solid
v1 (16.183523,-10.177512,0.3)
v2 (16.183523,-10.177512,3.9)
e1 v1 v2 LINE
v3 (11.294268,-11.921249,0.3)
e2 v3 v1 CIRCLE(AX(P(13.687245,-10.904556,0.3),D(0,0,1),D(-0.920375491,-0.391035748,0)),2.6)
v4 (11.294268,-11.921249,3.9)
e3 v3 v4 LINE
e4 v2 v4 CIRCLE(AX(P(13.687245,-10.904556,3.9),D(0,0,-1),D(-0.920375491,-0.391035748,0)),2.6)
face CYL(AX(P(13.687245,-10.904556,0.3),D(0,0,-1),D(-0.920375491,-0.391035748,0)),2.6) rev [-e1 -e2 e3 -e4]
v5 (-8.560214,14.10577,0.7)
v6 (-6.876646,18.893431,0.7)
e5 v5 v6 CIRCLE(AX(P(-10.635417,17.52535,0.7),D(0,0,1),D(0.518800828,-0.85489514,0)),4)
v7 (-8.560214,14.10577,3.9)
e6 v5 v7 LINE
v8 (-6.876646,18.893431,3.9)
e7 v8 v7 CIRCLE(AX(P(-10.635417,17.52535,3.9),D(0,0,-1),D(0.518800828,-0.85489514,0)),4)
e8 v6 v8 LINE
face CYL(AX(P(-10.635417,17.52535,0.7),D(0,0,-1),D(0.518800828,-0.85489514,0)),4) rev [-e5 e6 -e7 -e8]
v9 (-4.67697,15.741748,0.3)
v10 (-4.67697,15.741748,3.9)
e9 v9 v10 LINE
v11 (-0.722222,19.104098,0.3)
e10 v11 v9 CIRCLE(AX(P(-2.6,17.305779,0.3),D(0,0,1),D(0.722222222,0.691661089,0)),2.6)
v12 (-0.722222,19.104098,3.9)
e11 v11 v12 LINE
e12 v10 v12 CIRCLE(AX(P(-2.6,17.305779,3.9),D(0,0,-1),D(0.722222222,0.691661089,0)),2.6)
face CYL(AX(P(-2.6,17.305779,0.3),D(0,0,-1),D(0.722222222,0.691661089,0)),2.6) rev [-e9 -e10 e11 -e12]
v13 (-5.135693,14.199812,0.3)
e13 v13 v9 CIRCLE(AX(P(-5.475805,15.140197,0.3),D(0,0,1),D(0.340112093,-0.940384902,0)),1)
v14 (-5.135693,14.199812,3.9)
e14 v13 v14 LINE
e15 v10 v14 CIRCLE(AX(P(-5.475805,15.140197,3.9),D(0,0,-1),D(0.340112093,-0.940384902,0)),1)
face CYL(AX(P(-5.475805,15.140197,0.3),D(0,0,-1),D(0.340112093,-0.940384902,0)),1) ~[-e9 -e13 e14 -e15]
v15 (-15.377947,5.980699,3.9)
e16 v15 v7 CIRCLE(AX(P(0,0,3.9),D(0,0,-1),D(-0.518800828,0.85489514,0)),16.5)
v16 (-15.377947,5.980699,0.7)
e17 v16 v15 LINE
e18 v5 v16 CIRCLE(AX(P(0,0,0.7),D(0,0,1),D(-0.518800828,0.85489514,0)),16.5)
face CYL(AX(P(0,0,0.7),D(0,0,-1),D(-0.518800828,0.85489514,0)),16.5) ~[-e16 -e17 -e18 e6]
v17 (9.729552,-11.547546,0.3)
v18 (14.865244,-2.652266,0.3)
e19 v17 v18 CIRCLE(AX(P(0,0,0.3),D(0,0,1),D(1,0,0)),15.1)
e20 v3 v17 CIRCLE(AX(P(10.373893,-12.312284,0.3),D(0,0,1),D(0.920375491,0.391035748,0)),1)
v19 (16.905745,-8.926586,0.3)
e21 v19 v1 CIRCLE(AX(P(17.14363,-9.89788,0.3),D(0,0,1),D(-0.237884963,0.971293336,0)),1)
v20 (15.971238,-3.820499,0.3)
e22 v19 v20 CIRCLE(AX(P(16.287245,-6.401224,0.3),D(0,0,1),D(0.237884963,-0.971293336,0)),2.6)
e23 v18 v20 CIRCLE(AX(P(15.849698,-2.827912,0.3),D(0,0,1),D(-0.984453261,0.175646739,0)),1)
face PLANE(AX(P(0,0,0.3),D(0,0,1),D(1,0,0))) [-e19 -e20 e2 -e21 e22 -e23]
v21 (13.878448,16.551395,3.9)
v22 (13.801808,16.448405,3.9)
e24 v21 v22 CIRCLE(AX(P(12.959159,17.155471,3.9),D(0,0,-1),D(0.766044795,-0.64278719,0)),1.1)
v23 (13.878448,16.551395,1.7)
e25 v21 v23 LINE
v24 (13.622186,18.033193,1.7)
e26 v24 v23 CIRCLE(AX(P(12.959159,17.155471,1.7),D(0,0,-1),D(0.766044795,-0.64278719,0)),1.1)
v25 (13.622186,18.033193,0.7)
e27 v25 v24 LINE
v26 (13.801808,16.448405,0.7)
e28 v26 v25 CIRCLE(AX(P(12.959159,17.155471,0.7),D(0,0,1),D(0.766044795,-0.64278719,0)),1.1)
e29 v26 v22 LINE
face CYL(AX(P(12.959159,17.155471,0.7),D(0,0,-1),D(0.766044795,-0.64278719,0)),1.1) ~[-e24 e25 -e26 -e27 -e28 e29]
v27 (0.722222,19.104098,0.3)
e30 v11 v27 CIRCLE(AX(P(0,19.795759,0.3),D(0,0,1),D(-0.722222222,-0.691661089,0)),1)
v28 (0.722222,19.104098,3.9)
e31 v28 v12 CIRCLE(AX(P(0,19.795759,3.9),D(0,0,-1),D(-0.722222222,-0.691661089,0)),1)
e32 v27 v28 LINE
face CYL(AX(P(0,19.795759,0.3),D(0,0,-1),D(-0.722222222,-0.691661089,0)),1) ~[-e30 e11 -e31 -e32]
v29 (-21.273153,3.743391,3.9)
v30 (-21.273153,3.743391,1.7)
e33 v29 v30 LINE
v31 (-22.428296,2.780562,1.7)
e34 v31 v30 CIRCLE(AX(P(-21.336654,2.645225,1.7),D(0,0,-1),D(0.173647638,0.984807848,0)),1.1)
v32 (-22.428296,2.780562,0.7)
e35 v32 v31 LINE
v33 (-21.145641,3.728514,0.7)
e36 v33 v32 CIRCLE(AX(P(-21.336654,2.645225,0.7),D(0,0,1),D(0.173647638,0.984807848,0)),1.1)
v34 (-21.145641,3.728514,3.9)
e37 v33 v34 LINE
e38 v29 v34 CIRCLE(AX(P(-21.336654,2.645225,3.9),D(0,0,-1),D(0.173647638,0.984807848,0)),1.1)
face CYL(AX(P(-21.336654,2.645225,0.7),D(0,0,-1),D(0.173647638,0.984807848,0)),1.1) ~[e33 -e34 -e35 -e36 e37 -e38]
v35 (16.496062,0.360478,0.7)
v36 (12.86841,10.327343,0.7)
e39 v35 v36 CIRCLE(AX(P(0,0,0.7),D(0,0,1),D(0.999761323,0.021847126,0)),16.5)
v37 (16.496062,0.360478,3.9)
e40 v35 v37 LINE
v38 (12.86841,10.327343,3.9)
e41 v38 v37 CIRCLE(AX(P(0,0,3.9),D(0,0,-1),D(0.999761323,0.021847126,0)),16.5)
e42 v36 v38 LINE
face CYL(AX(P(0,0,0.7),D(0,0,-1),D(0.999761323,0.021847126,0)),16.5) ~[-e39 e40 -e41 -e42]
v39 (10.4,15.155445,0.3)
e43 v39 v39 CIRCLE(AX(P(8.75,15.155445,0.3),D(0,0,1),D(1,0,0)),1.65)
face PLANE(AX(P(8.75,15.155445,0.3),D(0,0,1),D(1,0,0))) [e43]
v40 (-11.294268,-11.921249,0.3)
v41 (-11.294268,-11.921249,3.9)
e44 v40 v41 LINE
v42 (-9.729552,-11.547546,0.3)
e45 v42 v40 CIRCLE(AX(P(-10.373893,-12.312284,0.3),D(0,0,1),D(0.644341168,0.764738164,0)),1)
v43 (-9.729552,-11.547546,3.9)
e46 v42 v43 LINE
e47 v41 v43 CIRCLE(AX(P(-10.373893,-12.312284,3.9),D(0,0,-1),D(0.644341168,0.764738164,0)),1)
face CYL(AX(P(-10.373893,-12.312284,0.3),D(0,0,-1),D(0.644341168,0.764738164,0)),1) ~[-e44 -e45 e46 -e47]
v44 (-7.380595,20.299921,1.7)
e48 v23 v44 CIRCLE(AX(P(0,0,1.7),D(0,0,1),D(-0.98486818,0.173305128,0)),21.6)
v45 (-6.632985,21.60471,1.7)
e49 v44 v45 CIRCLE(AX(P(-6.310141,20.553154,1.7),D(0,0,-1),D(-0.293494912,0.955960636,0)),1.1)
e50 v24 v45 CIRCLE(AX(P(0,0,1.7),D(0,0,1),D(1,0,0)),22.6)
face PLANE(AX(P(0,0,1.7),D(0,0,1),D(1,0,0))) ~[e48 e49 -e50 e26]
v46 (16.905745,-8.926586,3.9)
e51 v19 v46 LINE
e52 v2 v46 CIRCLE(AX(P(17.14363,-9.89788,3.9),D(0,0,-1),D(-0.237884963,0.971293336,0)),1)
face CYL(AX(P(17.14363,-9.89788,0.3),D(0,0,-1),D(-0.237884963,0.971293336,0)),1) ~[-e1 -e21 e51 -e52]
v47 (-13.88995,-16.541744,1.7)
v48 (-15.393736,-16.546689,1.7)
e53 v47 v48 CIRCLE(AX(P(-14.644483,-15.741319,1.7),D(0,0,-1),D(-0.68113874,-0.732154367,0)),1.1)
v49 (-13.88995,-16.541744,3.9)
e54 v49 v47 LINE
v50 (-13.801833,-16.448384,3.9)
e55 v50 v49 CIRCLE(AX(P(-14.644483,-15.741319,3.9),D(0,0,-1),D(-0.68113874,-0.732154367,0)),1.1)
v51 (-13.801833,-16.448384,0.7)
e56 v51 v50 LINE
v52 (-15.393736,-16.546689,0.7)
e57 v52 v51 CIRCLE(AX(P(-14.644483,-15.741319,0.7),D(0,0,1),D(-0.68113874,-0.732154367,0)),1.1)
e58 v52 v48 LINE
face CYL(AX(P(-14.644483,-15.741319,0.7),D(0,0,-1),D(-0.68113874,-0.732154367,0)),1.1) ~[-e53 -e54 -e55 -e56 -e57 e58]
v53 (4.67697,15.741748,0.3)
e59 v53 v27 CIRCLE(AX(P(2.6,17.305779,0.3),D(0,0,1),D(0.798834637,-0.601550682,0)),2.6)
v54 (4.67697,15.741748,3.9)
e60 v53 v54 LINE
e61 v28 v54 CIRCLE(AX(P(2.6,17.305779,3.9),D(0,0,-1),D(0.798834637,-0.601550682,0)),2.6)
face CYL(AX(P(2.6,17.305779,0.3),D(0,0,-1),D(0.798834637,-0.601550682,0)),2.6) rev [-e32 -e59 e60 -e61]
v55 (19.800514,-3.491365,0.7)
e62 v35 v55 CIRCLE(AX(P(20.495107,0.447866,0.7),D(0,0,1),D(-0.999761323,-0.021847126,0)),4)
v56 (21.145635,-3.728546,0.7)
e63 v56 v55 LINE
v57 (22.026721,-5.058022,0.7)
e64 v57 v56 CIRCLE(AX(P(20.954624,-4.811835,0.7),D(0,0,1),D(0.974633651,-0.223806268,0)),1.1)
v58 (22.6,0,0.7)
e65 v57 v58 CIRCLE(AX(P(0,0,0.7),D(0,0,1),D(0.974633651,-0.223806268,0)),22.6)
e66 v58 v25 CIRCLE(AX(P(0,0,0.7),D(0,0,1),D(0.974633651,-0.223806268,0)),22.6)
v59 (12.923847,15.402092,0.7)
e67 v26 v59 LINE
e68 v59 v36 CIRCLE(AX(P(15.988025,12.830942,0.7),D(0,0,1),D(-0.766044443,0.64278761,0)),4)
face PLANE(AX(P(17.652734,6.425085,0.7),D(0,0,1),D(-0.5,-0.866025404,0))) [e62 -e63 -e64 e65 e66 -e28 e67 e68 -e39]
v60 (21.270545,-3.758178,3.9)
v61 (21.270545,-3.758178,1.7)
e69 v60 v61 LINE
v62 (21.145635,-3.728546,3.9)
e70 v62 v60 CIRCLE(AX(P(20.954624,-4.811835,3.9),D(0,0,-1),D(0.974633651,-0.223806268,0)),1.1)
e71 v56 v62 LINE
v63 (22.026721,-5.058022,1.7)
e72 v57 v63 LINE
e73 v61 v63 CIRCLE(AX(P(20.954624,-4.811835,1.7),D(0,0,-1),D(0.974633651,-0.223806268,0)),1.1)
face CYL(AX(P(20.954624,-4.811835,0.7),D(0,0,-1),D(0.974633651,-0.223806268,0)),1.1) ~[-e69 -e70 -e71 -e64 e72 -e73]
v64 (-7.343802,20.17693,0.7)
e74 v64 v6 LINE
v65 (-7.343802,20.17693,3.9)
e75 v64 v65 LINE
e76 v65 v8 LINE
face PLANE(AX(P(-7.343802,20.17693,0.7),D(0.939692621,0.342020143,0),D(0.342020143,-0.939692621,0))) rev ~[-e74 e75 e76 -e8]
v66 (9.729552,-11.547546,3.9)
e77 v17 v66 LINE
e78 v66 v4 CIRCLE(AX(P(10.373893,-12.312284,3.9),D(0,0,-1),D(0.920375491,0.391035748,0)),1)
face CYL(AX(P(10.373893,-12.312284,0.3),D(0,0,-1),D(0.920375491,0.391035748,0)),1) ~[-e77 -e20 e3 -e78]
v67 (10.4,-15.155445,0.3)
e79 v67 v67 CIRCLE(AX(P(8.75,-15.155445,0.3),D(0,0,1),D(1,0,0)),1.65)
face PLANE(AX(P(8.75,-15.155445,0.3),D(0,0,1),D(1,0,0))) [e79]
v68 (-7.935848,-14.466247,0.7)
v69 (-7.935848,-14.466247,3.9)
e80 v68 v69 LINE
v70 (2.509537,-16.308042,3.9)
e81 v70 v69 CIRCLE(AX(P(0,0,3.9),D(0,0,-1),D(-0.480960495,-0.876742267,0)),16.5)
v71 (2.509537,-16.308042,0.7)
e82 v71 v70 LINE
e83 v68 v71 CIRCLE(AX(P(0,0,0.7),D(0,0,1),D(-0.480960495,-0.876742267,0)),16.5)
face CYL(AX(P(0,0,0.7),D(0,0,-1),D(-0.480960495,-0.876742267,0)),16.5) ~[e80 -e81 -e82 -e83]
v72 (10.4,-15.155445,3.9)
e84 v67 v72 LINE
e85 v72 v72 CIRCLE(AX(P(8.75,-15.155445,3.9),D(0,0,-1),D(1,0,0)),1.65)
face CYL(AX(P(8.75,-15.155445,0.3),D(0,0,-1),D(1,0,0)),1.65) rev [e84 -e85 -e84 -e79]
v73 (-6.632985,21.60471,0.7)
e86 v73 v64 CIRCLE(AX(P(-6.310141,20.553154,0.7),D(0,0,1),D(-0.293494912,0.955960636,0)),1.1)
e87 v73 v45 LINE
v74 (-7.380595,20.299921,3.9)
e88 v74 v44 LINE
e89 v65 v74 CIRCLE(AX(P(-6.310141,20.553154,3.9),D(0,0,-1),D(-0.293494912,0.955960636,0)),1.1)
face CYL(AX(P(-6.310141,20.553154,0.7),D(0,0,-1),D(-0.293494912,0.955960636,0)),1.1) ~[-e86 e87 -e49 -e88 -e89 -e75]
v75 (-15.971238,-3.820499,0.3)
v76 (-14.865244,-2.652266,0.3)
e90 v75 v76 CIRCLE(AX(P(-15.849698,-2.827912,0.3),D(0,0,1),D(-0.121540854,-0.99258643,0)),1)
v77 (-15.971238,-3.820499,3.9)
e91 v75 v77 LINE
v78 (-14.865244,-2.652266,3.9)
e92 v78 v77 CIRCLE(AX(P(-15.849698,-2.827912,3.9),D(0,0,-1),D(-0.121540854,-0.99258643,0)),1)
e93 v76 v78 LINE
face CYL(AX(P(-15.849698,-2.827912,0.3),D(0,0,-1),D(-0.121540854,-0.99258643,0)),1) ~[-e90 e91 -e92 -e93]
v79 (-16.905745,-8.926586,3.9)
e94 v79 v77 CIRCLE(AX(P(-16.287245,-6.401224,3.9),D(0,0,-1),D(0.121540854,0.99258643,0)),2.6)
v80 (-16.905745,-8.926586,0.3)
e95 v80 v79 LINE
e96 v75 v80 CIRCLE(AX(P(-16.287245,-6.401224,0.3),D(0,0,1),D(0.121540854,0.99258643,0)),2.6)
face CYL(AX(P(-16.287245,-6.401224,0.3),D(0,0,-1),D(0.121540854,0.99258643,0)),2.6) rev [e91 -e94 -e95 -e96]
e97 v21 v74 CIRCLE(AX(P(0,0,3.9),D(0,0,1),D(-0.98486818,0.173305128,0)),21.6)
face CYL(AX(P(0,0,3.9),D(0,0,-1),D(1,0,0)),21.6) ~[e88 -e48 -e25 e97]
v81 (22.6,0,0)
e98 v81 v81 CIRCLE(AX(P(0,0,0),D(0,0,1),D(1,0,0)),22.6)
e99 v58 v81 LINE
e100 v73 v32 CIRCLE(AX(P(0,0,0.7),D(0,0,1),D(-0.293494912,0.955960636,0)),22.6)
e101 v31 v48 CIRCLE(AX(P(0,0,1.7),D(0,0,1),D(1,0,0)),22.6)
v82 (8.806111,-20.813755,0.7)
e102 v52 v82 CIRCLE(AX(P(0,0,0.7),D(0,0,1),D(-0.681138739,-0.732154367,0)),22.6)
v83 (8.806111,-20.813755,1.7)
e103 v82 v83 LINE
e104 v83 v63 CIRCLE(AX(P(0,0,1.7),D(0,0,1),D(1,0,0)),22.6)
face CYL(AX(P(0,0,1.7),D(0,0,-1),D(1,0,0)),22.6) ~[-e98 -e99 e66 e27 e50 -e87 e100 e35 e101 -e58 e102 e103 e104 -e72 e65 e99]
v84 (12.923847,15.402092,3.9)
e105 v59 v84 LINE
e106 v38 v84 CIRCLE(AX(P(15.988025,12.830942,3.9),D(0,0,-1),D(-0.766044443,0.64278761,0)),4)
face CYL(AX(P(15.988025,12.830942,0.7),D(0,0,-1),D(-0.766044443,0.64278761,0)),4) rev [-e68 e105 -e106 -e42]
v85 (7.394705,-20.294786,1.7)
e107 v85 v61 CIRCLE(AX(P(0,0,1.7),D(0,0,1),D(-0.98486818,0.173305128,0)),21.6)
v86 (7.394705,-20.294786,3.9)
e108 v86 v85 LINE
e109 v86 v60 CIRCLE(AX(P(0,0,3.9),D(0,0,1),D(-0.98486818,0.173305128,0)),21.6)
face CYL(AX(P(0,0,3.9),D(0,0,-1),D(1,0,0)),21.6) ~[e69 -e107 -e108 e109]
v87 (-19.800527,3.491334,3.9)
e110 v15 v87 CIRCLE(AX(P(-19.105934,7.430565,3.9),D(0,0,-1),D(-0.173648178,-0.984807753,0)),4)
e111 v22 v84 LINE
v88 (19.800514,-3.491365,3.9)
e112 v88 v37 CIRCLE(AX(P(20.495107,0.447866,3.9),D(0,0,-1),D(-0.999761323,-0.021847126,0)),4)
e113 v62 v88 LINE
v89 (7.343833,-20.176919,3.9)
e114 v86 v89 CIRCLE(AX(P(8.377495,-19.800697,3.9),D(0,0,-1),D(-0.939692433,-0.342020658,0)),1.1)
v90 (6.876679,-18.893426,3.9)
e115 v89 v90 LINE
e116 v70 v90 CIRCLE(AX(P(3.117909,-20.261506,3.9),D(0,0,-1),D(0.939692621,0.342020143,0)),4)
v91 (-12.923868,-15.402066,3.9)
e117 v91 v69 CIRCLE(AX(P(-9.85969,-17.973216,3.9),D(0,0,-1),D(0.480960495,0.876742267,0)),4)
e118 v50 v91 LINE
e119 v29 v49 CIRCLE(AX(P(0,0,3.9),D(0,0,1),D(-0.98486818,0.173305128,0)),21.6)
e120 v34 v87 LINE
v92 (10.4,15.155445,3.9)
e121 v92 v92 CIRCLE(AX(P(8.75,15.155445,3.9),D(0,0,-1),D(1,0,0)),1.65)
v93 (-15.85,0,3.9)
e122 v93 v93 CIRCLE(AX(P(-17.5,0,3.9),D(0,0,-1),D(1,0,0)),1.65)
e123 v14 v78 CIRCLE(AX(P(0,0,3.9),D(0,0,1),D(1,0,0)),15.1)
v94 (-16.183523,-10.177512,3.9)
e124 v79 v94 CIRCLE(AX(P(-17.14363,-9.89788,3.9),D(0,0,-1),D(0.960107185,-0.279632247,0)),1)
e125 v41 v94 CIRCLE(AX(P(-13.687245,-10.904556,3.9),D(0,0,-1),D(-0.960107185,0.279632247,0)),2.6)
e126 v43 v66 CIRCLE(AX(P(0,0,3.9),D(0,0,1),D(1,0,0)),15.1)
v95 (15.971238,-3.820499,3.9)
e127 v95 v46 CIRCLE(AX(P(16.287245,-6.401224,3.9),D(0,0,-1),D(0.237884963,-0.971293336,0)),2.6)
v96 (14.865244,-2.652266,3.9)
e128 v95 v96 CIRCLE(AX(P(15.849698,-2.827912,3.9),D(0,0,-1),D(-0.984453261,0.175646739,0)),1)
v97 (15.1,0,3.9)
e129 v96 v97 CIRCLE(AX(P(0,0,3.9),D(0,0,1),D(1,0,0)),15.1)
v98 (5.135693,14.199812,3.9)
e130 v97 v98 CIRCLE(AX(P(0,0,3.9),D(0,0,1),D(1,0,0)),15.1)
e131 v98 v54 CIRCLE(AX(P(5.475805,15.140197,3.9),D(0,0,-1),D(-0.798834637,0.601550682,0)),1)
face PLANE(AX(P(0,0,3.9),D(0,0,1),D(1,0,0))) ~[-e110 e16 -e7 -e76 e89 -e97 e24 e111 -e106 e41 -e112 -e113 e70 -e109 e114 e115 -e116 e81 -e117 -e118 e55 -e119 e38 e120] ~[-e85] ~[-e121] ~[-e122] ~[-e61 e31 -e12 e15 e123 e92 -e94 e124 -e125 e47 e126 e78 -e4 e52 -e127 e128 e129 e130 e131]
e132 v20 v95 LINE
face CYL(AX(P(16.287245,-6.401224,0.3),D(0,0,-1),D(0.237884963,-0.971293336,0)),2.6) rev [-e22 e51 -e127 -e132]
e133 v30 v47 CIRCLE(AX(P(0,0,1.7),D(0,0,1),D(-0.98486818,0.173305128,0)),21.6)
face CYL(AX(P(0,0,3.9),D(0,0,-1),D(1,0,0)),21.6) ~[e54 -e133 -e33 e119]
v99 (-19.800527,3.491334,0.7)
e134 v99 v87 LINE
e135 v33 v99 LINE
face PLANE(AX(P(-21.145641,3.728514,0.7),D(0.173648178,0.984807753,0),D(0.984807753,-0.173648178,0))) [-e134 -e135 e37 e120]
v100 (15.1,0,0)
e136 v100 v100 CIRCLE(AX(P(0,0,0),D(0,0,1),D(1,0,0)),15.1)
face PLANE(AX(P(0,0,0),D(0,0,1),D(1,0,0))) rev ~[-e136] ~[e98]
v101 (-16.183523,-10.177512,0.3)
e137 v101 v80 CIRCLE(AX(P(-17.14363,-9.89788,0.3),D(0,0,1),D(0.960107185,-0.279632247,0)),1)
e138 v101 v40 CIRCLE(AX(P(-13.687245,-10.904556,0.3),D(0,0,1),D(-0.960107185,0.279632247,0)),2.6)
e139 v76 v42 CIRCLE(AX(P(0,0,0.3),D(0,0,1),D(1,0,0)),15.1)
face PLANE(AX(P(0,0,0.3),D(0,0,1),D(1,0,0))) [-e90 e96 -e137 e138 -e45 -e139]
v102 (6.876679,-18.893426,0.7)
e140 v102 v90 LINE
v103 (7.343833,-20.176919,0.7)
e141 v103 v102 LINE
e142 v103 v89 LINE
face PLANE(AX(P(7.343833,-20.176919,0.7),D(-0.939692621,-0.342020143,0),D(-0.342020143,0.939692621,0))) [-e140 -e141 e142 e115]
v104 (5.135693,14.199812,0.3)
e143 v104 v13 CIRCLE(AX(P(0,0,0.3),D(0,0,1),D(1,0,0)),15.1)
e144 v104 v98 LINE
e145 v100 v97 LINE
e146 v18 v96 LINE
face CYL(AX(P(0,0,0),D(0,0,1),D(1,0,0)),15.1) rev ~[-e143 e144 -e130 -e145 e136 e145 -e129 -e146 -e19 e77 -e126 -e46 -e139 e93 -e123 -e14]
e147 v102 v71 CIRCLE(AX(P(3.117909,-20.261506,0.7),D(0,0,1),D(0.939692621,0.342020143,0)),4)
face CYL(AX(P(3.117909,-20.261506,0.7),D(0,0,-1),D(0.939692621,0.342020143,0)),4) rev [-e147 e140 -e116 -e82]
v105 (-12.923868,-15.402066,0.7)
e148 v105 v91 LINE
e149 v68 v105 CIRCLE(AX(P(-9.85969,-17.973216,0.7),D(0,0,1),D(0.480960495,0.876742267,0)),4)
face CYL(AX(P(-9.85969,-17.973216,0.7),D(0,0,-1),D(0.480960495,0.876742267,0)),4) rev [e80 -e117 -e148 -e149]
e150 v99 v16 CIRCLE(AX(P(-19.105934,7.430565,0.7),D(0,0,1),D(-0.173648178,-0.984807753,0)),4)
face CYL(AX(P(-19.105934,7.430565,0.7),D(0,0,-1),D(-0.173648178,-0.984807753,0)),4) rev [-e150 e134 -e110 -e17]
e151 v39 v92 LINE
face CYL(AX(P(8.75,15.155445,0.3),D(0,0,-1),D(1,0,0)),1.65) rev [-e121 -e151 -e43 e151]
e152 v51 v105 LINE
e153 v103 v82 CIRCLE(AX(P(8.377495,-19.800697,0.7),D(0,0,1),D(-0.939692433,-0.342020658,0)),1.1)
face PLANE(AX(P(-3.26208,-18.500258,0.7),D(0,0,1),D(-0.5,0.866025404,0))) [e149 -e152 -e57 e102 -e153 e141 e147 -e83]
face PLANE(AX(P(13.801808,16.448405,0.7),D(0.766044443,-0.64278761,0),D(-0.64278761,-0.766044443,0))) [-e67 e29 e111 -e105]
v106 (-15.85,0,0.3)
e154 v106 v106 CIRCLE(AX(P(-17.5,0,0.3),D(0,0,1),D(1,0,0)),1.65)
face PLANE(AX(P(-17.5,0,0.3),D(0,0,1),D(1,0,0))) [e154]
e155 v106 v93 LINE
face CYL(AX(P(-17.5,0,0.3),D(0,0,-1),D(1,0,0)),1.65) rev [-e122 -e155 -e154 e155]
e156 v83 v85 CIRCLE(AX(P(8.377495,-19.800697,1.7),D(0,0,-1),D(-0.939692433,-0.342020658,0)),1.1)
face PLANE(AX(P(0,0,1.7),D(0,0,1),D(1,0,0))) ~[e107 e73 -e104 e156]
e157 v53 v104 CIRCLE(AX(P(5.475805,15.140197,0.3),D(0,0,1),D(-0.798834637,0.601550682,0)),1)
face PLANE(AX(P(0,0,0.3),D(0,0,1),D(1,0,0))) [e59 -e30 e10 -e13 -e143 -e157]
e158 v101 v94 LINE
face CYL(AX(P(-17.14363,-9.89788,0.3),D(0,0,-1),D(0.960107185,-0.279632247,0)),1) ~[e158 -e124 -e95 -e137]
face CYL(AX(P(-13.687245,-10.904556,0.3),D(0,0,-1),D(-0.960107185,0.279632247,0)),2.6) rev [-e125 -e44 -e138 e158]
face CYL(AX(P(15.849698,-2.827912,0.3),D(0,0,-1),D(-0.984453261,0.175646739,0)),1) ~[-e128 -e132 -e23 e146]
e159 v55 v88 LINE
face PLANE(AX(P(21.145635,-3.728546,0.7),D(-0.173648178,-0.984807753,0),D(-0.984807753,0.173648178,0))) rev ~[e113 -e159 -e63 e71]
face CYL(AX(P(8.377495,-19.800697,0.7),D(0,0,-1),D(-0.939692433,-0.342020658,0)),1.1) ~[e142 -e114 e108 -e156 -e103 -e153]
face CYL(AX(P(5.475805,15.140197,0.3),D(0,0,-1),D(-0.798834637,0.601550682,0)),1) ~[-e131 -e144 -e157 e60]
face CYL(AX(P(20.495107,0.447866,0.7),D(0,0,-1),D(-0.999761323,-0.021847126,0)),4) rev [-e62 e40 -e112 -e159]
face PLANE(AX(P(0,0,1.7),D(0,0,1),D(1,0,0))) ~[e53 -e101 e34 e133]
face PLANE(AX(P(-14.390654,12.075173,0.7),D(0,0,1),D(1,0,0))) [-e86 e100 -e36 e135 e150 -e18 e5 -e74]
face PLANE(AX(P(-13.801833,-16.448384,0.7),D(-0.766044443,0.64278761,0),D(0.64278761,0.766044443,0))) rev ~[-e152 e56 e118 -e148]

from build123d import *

# Parameters (mm, degrees)
POCKET_DEPTH       = 5.2
POCKET001_DEPTH    = 131.2836295795
POLARPATTERN_COUNT = 3
SKETCH003_R        = 1.65
POCKET002_DEPTH    = 3.601


with BuildPart() as part:
    # Sketch → Revolution (revolve)
    with BuildSketch(Plane.XZ):
        Polygon((15.1, 0), (15.1, 3.9), (21.6, 3.9), (21.6, 1.7), (22.6, 1.7), (22.6, 0), align=None)
    revolve(axis=Axis((0, 0, 0), (0, 0, 1)))

    # Sketch001 → Pocket (cut)
    with BuildSketch(Plane.XY.offset(0.3)):
        with BuildLine():
            ThreePointArc((-15.9712383567, -3.8204989231), (-18.8447644437, -5.9331508585), (-16.9057454793, -8.9265863145))
            ThreePointArc((-16.1835232571, -10.1775118978), (-16.2776050381, -9.3978796505), (-16.9057454793, -8.9265863145))
            ThreePointArc((-16.1835232571, -10.1775118978), (-14.5606415898, -13.3534693073), (-11.2942683009, -11.9212486852))
            ThreePointArc((-9.7295516419, -11.5475462696), (-10.6061902717, -11.3396396422), (-11.2942683009, -11.9212486852))
            ThreePointArc((-9.7295516419, -11.5475462696), (0, -15.1), (9.7295516419, -11.5475462696))
            ThreePointArc((11.2942683009, -11.9212486852), (10.6061902717, -11.3396396422), (9.7295516419, -11.5475462696))
            ThreePointArc((11.2942683009, -11.9212486852), (14.5606415898, -13.3534693073), (16.1835232571, -10.1775118978))
            ThreePointArc((16.9057454793, -8.9265863145), (16.2776050381, -9.3978796505), (16.1835232571, -10.1775118978))
            ThreePointArc((16.9057454793, -8.9265863145), (18.8447644437, -5.9331508585), (15.9712383567, -3.8204989231))
            ThreePointArc((14.8652442418, -2.6522657545), (15.1235111358, -3.5154103916), (15.9712383567, -3.8204989231))
            ThreePointArc((14.8652442418, -2.6522657545), (13.0769835971, 7.55), (5.1356925999, 14.1998120241))
            ThreePointArc((4.6769700558, 15.7417476083), (4.517320864, 14.8550500338), (5.1356925999, 14.1998120241))
            ThreePointArc((4.6769700558, 15.7417476083), (4.2841228539, 19.2866201659), (0.7222222222, 19.1040982123))
            ThreePointArc((-0.7222222222, 19.1040982123), (0, 18.7957593011), (0.7222222222, 19.1040982123))
            ThreePointArc((-0.7222222222, 19.1040982123), (-4.2841228539, 19.2866201659), (-4.6769700558, 15.7417476083))
            ThreePointArc((-5.1356925999, 14.1998120241), (-4.517320864, 14.8550500338), (-4.6769700558, 15.7417476083))
            ThreePointArc((-5.1356925999, 14.1998120241), (-13.0769835972, 7.55), (-14.8652442418, -2.6522657545))
            ThreePointArc((-15.9712383567, -3.8204989231), (-15.1235111358, -3.5154103916), (-14.8652442418, -2.6522657545))
        make_face()
    extrude(amount=POCKET_DEPTH, mode=Mode.SUBTRACT)

    # Sketch002 → Pocket001 (cut, through all)
    with BuildSketch(Plane.XY.offset(0.7)):
        with BuildLine():
            Line((-21.1456411257, 3.728513813), (-19.8005265105, 3.4913338142))
            ThreePointArc((-19.8005265105, 3.4913338142), (-17.143892895, 3.9448230849), (-15.3779467169, 5.9806985187))
            ThreePointArc((-8.5602136605, 14.1057698155), (-12.6397419459, 10.6059852697), (-15.3779467169, 5.9806985187))
            ThreePointArc((-8.5602136605, 14.1057698155), (-6.8619255723, 16.1984130552), (-6.876646489, 18.8934309501))
            Line((-7.3438021199, 20.1769304973), (-6.876646489, 18.8934309501))
            ThreePointArc((-6.6329850074, 21.6047103635), (-7.2948567632, 21.0433924702), (-7.3438021199, 20.1769304973))
            ThreePointArc((-6.6329850074, 21.6047103635), (-17.3126154887, 14.5269867812), (-22.428296266, 2.7805622822))
            ThreePointArc((-21.1456411257, 3.728513813), (-21.9904400194, 3.5298512156), (-22.428296266, 2.7805622822))
        make_face()
    pocket001 = extrude(amount=POCKET001_DEPTH, mode=Mode.SUBTRACT)

    # PolarPattern: Pocket001 ×3 about axis
    polarpattern_axis = Axis((0, 0, 0.7), (0, 0, 1))
    for i in range(1, POLARPATTERN_COUNT):
        add(pocket001.rotate(polarpattern_axis, i * 360 / POLARPATTERN_COUNT), mode=Mode.SUBTRACT)

    # Sketch003 → Pocket002 (cut, through all)
    with BuildSketch(Plane.XY.offset(0.3)):
        with Locations((8.75, 15.1554445662)):
            Circle(SKETCH003_R)
        with Locations((-17.5, 0)):
            Circle(SKETCH003_R)
        with Locations((8.75, -15.1554445662)):
            Circle(SKETCH003_R)
    extrude(amount=POCKET002_DEPTH, mode=Mode.SUBTRACT)


solid = part.part
